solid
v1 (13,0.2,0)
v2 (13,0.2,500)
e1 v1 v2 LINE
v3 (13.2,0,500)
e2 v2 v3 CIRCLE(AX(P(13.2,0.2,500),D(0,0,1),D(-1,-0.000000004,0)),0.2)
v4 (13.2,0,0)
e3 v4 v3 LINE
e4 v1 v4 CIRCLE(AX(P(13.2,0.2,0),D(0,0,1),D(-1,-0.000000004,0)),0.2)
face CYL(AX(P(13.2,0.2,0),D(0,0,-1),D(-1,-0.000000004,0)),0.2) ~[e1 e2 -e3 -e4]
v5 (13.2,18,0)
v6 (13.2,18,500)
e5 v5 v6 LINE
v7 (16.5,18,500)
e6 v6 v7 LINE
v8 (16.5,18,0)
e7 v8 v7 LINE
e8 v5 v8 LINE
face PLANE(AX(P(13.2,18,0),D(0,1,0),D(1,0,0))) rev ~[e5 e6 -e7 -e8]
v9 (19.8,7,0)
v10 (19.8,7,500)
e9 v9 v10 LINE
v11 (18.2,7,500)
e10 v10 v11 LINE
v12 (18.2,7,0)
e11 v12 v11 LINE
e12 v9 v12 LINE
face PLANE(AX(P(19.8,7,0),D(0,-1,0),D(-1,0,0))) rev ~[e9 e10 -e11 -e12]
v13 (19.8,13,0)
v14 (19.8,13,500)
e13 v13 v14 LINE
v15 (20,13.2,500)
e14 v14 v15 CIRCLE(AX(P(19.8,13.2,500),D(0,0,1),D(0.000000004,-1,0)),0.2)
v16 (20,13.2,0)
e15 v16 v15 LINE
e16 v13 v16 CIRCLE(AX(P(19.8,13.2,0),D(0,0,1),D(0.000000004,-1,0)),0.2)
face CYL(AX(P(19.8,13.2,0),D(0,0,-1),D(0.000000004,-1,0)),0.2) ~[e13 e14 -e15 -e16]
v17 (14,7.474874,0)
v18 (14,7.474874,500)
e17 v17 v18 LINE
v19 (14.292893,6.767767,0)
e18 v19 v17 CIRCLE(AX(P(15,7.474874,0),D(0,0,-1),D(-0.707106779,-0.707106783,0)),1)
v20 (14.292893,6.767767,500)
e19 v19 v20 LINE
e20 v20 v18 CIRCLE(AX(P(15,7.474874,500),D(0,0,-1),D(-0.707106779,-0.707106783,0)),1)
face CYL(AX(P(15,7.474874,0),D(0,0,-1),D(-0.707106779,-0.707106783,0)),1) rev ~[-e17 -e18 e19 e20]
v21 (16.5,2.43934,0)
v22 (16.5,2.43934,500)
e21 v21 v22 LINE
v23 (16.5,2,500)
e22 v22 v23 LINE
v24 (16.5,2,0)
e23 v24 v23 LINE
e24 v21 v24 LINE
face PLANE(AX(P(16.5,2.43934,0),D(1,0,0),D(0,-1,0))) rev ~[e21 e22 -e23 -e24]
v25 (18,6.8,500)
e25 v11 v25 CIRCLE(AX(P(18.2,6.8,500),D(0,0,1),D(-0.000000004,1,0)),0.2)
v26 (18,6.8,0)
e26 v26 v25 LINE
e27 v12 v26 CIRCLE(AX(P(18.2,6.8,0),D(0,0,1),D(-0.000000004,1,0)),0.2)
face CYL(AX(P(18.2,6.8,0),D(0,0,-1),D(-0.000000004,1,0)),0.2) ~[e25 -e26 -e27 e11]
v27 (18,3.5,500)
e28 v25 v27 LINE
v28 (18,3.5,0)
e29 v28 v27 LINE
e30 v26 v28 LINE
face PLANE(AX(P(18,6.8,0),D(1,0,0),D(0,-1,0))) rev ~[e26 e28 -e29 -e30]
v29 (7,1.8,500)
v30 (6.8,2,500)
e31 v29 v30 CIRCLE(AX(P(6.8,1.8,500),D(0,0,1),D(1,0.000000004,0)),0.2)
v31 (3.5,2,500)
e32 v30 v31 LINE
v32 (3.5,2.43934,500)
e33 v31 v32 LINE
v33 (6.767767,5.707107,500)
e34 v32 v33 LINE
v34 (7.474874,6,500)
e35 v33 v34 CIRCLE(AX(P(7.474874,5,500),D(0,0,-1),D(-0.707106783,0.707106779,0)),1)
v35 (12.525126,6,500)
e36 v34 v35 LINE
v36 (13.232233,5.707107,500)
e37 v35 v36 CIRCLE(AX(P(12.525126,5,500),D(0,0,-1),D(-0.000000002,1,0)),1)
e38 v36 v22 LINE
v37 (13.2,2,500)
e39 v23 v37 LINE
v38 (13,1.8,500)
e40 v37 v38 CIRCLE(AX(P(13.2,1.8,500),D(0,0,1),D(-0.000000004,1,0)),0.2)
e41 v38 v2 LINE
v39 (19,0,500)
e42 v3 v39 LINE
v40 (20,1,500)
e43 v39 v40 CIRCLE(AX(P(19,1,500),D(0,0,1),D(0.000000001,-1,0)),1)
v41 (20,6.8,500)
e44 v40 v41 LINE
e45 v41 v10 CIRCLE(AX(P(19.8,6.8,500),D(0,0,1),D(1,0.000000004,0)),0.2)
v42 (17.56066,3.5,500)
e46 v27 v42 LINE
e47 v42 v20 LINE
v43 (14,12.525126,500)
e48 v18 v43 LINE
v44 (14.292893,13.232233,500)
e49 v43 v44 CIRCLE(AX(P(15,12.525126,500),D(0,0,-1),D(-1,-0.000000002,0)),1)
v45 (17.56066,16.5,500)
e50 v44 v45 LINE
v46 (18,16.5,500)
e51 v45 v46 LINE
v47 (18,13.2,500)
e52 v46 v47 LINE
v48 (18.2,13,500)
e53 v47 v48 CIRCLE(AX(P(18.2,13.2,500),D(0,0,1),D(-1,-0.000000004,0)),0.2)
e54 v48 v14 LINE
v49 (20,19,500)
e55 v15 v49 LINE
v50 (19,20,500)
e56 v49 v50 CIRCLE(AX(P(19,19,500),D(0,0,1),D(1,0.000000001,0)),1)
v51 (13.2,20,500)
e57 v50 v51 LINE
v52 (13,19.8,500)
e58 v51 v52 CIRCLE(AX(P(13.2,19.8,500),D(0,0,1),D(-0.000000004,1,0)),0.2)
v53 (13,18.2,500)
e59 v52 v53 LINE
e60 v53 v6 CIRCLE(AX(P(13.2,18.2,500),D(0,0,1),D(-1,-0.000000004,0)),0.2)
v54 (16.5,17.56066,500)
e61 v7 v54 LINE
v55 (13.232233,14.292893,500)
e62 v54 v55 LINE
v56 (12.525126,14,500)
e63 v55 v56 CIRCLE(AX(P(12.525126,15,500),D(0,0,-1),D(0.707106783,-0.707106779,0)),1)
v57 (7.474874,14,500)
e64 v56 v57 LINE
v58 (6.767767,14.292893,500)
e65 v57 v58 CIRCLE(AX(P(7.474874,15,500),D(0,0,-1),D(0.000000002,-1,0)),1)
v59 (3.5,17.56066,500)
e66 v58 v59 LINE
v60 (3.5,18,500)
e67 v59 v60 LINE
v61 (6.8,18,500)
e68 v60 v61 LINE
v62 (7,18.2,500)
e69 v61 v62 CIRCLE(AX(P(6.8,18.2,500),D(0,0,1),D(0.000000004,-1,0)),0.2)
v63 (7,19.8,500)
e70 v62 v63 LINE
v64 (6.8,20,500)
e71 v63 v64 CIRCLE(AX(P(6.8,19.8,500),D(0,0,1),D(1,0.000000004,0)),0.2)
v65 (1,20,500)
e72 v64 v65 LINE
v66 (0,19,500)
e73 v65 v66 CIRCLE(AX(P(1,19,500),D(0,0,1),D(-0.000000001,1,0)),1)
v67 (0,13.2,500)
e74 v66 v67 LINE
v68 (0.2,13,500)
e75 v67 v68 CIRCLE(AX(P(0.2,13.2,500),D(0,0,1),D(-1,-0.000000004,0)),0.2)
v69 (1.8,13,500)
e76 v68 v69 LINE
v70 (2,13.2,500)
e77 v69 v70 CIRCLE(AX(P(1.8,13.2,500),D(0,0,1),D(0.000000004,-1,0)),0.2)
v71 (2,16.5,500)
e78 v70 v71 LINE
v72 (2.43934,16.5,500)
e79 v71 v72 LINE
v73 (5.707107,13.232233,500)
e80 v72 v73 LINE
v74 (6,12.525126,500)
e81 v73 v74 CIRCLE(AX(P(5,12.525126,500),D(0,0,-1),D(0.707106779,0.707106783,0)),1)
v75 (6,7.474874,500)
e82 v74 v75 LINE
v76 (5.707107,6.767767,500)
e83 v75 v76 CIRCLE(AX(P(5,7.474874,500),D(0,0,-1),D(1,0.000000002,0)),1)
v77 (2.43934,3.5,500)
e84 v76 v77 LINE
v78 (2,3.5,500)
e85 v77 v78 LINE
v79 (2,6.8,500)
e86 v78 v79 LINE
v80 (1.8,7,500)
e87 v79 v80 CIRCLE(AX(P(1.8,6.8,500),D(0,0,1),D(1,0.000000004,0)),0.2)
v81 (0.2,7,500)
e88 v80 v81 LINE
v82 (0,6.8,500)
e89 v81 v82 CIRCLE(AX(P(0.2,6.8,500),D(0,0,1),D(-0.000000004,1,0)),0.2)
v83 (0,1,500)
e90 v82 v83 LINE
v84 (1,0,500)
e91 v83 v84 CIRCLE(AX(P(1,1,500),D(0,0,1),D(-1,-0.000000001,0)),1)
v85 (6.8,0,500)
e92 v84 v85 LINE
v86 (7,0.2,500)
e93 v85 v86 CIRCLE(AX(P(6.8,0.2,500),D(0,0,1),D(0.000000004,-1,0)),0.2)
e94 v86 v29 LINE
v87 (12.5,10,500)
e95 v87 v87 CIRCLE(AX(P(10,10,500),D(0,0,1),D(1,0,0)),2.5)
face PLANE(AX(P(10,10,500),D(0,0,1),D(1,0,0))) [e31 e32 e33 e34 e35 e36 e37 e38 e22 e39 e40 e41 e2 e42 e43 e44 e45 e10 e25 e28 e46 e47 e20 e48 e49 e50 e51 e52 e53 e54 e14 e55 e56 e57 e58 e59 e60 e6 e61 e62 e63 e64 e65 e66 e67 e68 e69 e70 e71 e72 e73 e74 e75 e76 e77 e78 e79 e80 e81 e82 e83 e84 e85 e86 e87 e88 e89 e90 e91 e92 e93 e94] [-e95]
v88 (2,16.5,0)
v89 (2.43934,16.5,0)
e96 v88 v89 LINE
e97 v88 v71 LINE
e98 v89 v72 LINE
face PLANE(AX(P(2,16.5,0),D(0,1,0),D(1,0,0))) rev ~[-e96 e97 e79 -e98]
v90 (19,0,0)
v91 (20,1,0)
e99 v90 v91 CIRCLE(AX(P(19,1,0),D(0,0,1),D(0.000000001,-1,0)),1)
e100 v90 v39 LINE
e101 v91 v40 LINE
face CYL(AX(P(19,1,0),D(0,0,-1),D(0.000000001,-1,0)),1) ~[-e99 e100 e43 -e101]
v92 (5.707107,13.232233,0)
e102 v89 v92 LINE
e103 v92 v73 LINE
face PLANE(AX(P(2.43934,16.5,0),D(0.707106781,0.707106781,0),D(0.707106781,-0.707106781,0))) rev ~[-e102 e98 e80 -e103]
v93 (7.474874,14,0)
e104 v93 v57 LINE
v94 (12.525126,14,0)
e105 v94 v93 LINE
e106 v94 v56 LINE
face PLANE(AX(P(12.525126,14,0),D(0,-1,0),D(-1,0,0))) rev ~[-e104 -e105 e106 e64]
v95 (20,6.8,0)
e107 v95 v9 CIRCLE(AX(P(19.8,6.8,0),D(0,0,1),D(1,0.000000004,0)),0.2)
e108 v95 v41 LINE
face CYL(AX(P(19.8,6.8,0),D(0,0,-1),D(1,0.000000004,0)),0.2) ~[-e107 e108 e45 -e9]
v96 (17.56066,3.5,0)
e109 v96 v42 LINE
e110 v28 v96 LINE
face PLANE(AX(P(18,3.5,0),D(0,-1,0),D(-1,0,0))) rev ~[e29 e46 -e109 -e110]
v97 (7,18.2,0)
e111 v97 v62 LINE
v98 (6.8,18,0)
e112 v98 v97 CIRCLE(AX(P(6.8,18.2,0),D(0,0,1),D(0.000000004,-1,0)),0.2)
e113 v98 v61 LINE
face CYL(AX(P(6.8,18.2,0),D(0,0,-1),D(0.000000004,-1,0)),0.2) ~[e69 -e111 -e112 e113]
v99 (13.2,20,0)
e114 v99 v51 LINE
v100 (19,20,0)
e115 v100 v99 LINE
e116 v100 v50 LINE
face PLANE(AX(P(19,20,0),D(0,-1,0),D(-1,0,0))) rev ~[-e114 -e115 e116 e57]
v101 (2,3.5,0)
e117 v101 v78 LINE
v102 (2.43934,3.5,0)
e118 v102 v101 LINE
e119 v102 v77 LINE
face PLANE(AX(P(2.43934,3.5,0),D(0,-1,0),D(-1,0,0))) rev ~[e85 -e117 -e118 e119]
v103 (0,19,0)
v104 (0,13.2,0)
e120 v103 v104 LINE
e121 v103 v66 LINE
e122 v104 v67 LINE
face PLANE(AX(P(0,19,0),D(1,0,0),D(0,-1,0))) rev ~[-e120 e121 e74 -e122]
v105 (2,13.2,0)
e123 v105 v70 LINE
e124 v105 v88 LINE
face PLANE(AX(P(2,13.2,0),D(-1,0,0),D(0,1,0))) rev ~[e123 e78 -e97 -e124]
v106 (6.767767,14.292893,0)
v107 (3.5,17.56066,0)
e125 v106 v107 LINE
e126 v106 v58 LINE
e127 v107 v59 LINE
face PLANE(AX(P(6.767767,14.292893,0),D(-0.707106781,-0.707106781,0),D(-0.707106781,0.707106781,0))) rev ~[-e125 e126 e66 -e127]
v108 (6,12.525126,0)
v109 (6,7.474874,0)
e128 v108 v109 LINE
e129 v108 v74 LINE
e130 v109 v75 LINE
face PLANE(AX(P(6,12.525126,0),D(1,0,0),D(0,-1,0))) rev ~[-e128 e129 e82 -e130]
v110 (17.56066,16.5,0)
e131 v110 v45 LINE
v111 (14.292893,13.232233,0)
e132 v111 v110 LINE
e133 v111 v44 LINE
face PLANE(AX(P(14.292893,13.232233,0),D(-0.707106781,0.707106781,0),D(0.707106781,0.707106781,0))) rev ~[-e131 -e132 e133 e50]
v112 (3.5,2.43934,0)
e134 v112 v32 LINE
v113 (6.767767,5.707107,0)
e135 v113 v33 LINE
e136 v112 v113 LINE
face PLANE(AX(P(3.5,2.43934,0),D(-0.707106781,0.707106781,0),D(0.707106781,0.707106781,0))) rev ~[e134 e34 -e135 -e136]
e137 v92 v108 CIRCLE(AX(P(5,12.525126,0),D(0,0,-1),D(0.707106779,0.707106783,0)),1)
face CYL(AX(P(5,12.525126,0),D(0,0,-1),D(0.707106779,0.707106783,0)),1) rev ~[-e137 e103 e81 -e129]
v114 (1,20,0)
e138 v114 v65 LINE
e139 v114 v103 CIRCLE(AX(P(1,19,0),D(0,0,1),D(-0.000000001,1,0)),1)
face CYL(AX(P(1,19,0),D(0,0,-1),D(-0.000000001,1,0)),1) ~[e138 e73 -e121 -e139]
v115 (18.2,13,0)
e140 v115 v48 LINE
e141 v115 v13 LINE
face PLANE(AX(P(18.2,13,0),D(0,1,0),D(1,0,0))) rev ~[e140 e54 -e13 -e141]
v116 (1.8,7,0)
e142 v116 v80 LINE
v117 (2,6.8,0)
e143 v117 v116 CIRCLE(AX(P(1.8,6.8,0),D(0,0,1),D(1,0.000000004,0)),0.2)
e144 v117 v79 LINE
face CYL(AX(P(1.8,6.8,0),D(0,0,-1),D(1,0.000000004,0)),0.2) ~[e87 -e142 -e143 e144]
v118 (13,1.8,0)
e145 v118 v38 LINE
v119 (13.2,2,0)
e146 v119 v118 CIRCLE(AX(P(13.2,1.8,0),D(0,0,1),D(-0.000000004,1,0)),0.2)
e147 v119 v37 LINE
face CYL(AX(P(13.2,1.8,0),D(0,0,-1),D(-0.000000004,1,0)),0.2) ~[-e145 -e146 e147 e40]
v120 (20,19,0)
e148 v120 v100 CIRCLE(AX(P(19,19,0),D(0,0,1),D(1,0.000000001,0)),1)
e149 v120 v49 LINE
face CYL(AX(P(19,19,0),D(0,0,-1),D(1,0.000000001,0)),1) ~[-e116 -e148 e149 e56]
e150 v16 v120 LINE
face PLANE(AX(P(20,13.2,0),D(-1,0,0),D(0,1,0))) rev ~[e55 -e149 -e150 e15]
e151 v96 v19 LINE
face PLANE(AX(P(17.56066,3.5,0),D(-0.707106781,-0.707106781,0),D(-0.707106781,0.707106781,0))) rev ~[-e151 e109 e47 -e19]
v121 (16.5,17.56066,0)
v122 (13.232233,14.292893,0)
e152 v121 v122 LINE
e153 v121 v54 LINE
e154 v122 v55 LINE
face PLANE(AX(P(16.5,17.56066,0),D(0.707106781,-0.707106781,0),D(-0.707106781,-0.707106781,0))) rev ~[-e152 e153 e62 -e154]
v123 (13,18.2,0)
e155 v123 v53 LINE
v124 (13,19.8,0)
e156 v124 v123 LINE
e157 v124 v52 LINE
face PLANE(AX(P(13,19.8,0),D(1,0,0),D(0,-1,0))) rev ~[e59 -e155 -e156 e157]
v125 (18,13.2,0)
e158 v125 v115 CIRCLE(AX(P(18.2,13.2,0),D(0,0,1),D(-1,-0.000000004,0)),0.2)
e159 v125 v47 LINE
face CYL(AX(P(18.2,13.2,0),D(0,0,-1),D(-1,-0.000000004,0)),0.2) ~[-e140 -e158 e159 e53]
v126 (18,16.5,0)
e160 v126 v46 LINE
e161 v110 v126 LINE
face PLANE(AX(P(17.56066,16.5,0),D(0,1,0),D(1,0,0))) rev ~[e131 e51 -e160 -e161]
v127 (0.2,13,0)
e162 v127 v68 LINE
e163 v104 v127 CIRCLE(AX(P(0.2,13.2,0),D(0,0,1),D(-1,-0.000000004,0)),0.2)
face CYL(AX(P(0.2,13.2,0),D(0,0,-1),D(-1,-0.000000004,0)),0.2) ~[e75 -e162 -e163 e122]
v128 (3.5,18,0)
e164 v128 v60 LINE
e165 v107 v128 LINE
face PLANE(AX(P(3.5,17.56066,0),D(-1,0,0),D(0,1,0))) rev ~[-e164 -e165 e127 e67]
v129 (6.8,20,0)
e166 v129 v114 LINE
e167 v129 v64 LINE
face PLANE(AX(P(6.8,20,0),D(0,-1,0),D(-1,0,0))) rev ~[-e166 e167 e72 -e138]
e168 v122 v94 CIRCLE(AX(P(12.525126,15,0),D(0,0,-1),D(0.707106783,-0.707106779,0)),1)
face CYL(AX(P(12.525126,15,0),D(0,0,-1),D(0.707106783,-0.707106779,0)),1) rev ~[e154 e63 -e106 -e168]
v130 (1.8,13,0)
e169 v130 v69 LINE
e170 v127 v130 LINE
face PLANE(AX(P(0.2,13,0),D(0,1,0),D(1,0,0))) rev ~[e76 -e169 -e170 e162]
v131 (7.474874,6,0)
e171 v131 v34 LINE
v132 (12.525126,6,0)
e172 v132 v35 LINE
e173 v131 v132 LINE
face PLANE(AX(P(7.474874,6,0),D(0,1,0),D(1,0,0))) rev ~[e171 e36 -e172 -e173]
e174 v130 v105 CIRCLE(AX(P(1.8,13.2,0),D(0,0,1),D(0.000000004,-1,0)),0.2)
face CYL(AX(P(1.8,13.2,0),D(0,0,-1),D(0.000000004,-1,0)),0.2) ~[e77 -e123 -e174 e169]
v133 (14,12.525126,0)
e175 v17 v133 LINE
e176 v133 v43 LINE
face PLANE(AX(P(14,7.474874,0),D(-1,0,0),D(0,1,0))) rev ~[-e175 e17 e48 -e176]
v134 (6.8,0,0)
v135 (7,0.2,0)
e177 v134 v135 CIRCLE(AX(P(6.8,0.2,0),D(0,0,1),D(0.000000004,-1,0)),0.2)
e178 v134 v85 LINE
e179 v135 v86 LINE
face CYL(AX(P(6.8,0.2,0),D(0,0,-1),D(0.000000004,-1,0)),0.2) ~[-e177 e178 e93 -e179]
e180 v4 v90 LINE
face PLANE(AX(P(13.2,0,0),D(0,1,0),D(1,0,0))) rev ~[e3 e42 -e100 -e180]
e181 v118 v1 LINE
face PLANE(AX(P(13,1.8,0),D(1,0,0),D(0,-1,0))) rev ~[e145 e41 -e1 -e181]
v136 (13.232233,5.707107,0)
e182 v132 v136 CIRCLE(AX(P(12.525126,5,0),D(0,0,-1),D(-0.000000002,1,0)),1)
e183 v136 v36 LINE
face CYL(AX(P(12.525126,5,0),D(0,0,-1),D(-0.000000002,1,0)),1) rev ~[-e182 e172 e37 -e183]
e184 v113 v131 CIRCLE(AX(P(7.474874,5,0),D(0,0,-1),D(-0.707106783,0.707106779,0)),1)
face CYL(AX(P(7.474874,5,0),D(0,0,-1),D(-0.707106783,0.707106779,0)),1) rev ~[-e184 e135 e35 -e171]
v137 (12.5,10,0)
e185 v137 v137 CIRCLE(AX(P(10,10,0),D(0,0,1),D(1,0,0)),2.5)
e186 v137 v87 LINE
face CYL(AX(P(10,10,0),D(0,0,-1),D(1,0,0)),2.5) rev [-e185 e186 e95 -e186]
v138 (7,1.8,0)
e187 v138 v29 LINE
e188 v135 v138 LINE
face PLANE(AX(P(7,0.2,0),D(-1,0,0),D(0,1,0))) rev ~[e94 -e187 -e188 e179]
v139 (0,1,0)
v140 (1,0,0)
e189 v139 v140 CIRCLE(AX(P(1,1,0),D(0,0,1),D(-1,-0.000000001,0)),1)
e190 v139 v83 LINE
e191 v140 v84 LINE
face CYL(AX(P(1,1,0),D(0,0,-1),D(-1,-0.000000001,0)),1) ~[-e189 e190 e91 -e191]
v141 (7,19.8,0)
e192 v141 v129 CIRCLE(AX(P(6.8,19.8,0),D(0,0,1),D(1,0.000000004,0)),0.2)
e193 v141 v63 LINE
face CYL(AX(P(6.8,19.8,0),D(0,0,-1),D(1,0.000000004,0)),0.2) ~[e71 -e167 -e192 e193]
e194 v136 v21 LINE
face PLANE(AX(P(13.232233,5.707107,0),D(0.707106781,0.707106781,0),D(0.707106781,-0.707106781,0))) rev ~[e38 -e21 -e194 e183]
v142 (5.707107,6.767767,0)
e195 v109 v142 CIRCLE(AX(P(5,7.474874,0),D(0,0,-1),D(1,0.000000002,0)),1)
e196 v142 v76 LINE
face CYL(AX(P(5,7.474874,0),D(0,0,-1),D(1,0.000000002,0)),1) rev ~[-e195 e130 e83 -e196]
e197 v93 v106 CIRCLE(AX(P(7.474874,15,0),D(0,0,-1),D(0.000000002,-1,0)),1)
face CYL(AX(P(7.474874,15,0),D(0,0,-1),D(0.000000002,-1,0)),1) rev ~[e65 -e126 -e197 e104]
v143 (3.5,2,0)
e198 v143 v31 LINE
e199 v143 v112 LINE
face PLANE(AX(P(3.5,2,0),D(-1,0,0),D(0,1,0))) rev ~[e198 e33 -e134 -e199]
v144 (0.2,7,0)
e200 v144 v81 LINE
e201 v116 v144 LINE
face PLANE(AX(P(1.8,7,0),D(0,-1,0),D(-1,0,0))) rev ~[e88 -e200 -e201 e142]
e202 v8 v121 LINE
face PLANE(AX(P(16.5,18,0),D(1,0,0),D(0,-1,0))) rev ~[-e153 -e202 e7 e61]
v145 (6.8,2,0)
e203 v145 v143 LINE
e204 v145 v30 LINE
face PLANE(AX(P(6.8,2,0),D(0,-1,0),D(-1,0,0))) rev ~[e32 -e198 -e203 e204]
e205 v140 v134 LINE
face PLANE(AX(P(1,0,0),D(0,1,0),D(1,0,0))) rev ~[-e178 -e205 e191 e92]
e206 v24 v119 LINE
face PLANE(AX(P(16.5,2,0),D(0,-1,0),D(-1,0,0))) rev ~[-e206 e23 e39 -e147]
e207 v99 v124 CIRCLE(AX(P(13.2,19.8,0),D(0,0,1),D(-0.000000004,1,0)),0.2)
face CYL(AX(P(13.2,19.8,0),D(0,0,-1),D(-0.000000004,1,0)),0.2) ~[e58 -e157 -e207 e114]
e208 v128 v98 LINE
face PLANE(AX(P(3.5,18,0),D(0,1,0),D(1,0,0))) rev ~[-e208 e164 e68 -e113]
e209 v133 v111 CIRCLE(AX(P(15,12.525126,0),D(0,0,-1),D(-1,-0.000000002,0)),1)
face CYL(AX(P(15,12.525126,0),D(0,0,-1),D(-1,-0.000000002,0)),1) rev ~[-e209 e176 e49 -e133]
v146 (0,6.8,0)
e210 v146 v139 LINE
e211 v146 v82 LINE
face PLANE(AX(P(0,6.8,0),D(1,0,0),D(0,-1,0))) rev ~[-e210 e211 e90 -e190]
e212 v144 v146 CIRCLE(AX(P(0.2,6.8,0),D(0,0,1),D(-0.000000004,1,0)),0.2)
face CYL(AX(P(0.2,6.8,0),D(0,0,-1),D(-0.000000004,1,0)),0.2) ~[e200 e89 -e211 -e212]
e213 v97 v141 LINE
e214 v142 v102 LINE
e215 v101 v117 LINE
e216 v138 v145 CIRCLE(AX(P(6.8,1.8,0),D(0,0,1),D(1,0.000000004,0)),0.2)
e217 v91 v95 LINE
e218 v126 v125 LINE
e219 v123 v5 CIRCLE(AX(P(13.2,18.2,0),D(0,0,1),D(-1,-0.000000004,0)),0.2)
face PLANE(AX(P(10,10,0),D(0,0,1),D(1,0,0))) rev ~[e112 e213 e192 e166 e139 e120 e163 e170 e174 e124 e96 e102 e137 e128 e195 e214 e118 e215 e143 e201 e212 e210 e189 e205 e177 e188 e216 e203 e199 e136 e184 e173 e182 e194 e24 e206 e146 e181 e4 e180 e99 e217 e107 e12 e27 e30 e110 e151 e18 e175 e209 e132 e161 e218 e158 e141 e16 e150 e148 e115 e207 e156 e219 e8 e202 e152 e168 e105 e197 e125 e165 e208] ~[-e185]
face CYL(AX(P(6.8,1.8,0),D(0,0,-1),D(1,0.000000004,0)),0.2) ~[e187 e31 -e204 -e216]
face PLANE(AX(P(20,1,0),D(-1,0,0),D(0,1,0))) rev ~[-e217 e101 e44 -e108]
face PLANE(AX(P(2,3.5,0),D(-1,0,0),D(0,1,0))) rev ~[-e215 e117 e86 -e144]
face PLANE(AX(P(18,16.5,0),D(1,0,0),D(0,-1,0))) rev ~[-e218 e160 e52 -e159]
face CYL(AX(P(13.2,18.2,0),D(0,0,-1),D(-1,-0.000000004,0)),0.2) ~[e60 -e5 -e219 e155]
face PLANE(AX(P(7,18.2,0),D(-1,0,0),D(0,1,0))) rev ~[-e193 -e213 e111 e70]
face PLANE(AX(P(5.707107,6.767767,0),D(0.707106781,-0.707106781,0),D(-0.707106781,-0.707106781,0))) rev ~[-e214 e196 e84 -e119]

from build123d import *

# Parameters (mm, degrees)
SKETCH1_R           = 2.5
BOSS_EXTRUDE1_DEPTH = 500


with BuildPart() as part:
    # Sketch1 → Boss-Extrude1 (new body)
    with BuildSketch(Plane.XY):
        with BuildLine():
            Line((0.2, 13), (1.8, 13))
            ThreePointArc((1.8, 13), (1.941421356, 13.058578644), (2, 13.2))
            Line((2, 13.2), (2, 16.5))
            Line((2, 16.5), (2.439339828, 16.5))
            Line((2.439339828, 16.5), (5.707106781, 13.232233047))
            ThreePointArc((5.707106781, 13.232233047), (5.923879533, 12.907809698), (6, 12.525126266))
            Line((6, 12.525126266), (6, 7.474873734))
            ThreePointArc((6, 7.474873734), (5.923879533, 7.092190302), (5.707106781, 6.767766953))
            Line((5.707106781, 6.767766953), (2.439339828, 3.5))
            Line((2.439339828, 3.5), (2, 3.5))
            Line((2, 3.5), (2, 6.8))
            ThreePointArc((2, 6.8), (1.941421356, 6.941421356), (1.8, 7))
            Line((1.8, 7), (0.2, 7))
            ThreePointArc((0.2, 7), (0.058578644, 6.941421356), (0, 6.8))
            Line((0, 6.8), (0, 1))
            ThreePointArc((0, 1), (0.292893219, 0.292893219), (1, 0))
            Line((1, 0), (6.8, 0))
            ThreePointArc((6.8, 0), (6.941421356, 0.058578644), (7, 0.2))
            Line((7, 0.2), (7, 1.8))
            ThreePointArc((7, 1.8), (6.941421356, 1.941421356), (6.8, 2))
            Line((6.8, 2), (3.5, 2))
            Line((3.5, 2), (3.5, 2.439339828))
            Line((3.5, 2.439339828), (6.767766953, 5.707106781))
            ThreePointArc((6.767766953, 5.707106781), (7.092190302, 5.923879533), (7.474873734, 6))
            Line((7.474873734, 6), (10, 6))
            Line((10, 6), (12.525126266, 6))
            ThreePointArc((12.525126266, 6), (12.907809698, 5.923879533), (13.232233047, 5.707106781))
            Line((13.232233047, 5.707106781), (16.5, 2.439339828))
            Line((16.5, 2.439339828), (16.5, 2))
            Line((16.5, 2), (13.2, 2))
            ThreePointArc((13.2, 2), (13.058578644, 1.941421356), (13, 1.8))
            Line((13, 1.8), (13, 0.2))
            ThreePointArc((13, 0.2), (13.058578644, 0.058578644), (13.2, 0))
            Line((13.2, 0), (19, 0))
            ThreePointArc((19, 0), (19.707106781, 0.292893219), (20, 1))
            Line((20, 1), (20, 6.8))
            ThreePointArc((20, 6.8), (19.941421356, 6.941421356), (19.8, 7))
            Line((19.8, 7), (18.2, 7))
            ThreePointArc((18.2, 7), (18.058578644, 6.941421356), (18, 6.8))
            Line((18, 6.8), (18, 3.5))
            Line((18, 3.5), (17.560660172, 3.5))
            Line((17.560660172, 3.5), (14.292893219, 6.767766953))
            ThreePointArc((14.292893219, 6.767766953), (14.076120467, 7.092190302), (14, 7.474873734))
            Line((14, 7.474873734), (14, 12.525126266))
            ThreePointArc((14, 12.525126266), (14.076120467, 12.907809698), (14.292893219, 13.232233047))
            Line((14.292893219, 13.232233047), (17.560660172, 16.5))
            Line((17.560660172, 16.5), (18, 16.5))
            Line((18, 16.5), (18, 13.2))
            ThreePointArc((18, 13.2), (18.058578644, 13.058578644), (18.2, 13))
            Line((18.2, 13), (19.8, 13))
            ThreePointArc((19.8, 13), (19.941421356, 13.058578644), (20, 13.2))
            Line((20, 13.2), (20, 19))
            ThreePointArc((20, 19), (19.707106781, 19.707106781), (19, 20))
            Line((19, 20), (13.2, 20))
            ThreePointArc((13.2, 20), (13.058578644, 19.941421356), (13, 19.8))
            Line((13, 19.8), (13, 18.2))
            ThreePointArc((13, 18.2), (13.058578644, 18.058578644), (13.2, 18))
            Line((13.2, 18), (16.5, 18))
            Line((16.5, 18), (16.5, 17.560660172))
            Line((16.5, 17.560660172), (13.232233047, 14.292893219))
            ThreePointArc((13.232233047, 14.292893219), (12.907809698, 14.076120467), (12.525126266, 14))
            Line((12.525126266, 14), (10, 14))
            Line((10, 14), (7.474873734, 14))
            ThreePointArc((7.474873734, 14), (7.092190302, 14.076120467), (6.767766953, 14.292893219))
            Line((6.767766953, 14.292893219), (3.5, 17.560660172))
            Line((3.5, 17.560660172), (3.5, 18))
            Line((3.5, 18), (6.8, 18))
            ThreePointArc((6.8, 18), (6.941421356, 18.058578644), (7, 18.2))
            Line((7, 18.2), (7, 19.8))
            ThreePointArc((7, 19.8), (6.941421356, 19.941421356), (6.8, 20))
            Line((6.8, 20), (1, 20))
            ThreePointArc((1, 20), (0.292893219, 19.707106781), (0, 19))
            Line((0, 19), (0, 13.2))
            ThreePointArc((0, 13.2), (0.058578644, 13.058578644), (0.2, 13))
        make_face()
        with Locations((10, 10)):
            Circle(SKETCH1_R, mode=Mode.SUBTRACT)
    extrude(amount=BOSS_EXTRUDE1_DEPTH)


solid = part.part
